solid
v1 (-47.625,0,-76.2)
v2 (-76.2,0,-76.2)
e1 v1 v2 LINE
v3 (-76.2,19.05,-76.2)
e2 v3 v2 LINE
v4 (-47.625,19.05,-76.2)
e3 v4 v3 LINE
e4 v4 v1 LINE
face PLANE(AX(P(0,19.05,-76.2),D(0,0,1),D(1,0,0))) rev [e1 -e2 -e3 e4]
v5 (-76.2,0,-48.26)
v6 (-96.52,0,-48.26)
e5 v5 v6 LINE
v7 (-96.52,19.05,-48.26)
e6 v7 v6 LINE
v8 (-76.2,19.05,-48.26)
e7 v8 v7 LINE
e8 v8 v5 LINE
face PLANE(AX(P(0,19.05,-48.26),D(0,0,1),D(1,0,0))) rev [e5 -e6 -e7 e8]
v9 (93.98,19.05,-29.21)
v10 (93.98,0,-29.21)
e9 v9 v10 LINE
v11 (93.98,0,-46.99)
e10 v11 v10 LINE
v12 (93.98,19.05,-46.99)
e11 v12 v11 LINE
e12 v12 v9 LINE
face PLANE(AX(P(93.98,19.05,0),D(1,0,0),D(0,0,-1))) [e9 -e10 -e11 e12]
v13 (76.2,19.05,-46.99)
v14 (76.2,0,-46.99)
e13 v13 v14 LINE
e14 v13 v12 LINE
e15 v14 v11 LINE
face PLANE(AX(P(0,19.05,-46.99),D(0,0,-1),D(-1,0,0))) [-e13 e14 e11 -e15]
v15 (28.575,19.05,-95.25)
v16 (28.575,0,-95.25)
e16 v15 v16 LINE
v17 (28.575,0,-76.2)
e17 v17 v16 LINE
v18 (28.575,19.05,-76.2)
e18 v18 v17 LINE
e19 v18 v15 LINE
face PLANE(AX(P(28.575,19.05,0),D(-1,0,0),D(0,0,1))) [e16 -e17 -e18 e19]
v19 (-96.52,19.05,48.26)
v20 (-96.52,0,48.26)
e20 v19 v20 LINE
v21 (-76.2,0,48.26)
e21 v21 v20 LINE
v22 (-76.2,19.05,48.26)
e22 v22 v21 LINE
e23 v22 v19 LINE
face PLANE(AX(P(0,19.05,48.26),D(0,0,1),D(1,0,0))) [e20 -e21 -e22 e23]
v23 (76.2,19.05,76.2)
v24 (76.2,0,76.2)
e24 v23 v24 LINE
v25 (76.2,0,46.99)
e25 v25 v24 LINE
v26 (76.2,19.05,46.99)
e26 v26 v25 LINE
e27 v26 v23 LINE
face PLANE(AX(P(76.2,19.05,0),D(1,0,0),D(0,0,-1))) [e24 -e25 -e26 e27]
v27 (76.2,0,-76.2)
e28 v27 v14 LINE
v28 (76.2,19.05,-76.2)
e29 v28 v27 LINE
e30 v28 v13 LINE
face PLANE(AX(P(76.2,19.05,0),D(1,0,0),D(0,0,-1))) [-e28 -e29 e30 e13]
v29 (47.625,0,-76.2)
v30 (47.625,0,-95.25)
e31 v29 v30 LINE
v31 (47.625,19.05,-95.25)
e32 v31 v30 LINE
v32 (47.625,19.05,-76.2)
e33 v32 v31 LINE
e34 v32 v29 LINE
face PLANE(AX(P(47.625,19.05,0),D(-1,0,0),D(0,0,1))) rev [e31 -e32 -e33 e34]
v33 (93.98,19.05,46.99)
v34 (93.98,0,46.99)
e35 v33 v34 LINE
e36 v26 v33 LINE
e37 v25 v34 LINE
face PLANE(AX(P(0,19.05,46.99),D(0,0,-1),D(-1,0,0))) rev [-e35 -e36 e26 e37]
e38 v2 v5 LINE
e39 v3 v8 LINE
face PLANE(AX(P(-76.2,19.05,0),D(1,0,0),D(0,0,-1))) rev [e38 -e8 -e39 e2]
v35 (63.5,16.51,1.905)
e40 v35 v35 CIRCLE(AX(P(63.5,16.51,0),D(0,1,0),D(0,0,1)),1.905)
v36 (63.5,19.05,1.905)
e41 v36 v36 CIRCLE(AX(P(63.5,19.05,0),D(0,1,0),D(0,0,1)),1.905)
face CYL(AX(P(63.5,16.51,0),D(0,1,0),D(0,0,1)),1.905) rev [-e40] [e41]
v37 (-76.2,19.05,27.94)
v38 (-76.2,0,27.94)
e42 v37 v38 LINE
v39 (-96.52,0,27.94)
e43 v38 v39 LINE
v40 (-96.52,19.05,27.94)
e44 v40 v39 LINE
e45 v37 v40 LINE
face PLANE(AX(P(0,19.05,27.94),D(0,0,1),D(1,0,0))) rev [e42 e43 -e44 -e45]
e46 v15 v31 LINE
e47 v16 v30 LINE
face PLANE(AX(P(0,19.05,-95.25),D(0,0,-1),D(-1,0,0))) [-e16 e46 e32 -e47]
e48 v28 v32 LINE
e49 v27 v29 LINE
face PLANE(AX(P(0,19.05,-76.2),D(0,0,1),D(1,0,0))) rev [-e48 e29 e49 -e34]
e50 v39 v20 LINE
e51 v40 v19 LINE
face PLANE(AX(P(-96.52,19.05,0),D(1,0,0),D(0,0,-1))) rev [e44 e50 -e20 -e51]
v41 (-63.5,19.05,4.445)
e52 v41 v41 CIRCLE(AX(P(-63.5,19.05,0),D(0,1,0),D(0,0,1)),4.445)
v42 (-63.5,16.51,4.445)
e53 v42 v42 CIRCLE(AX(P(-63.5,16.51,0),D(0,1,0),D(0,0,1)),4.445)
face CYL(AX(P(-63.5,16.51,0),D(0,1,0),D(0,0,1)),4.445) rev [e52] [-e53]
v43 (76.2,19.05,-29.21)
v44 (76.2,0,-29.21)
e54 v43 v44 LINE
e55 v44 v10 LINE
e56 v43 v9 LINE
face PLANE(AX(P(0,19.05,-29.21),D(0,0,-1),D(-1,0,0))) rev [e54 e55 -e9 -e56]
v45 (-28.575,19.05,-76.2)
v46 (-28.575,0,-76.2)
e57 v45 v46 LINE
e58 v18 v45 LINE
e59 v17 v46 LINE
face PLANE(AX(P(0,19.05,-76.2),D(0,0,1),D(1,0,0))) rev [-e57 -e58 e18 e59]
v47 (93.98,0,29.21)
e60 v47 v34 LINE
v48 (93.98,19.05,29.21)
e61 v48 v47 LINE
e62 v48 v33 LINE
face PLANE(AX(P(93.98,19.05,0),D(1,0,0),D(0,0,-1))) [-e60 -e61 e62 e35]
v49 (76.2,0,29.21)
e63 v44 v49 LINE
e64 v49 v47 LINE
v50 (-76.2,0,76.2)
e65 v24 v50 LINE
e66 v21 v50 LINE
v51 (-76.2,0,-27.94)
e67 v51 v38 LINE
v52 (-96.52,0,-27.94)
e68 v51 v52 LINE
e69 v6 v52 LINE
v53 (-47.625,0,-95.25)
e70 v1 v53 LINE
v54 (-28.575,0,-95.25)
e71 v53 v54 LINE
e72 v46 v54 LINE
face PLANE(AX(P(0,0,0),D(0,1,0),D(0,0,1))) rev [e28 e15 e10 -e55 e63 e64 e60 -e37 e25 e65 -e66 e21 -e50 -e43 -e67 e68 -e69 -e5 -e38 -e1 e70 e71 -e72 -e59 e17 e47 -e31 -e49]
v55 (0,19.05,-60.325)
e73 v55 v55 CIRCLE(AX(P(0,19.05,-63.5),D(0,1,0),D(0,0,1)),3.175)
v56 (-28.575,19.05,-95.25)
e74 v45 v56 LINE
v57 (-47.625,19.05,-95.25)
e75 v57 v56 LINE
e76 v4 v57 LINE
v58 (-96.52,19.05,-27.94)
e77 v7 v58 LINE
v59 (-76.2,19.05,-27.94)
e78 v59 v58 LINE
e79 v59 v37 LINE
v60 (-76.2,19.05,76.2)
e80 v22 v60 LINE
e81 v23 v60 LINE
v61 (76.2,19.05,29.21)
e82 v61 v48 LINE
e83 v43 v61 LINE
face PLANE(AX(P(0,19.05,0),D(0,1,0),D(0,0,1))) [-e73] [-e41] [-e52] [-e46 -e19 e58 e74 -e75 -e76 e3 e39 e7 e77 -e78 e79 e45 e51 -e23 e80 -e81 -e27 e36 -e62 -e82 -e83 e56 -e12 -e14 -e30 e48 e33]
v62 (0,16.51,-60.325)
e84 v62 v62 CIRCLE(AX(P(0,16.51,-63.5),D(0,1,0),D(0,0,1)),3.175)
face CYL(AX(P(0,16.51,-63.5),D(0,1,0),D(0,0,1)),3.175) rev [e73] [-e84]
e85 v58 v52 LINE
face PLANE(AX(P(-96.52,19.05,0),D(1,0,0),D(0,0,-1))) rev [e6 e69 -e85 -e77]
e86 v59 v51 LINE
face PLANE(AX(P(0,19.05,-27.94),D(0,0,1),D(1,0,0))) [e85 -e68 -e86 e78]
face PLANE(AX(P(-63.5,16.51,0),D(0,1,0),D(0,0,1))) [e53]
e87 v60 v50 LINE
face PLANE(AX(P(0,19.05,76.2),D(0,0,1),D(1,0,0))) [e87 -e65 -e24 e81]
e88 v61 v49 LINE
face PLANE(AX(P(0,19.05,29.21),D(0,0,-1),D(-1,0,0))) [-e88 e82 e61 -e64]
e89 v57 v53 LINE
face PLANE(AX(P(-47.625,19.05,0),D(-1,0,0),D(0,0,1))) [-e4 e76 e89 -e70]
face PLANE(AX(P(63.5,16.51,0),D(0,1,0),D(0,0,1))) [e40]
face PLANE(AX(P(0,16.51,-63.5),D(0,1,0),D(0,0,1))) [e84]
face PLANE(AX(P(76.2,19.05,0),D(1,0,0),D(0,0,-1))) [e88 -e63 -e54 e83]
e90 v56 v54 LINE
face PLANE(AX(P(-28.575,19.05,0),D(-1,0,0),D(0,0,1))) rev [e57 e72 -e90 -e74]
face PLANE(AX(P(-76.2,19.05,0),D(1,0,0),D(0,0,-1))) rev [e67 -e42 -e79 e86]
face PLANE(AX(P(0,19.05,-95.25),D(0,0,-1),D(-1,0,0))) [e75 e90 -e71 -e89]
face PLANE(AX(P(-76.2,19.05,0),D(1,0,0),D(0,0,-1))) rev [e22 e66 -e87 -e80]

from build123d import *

# Parameters (mm, degrees)
SKETCH1_W           = 152.4
SKETCH1_H           = 152.4
SKETCH1_W_2         = 20.32
SKETCH1_H_2         = 20.32
SKETCH1_W_3         = 19.05
SKETCH1_H_3         = 19.05
SKETCH1_W_4         = 17.78
SKETCH1_H_4         = 17.78
BOSS_EXTRUDE1_DEPTH = 19.05
SKETCH2_R           = 1.905
SKETCH2_R_2         = 3.175
SKETCH2_R_3         = 4.445
CUT_EXTRUDE1_DEPTH  = 2.54


with BuildPart() as part:
    # Sketch1 → Boss-Extrude1 (new body)
    with BuildSketch(Plane(origin=(0, 0, 0), x_dir=(1, 0, 0), z_dir=(0, 1, 0))):
        Rectangle(SKETCH1_W, SKETCH1_H)
        with Locations((-86.36, -38.1)):
            Rectangle(SKETCH1_W_2, SKETCH1_H_2)
        with Locations((-86.36, 38.1)):
            Rectangle(SKETCH1_W_2, SKETCH1_H_2)
        with Locations((-38.1, 85.725)):
            Rectangle(SKETCH1_W_3, SKETCH1_H_3)
        with Locations((38.1, 85.725)):
            Rectangle(SKETCH1_W_3, SKETCH1_H_3)
        with Locations((85.09, 38.1)):
            Rectangle(SKETCH1_W_4, SKETCH1_H_4)
        with Locations((85.09, -38.1)):
            Rectangle(SKETCH1_W_4, SKETCH1_H_4)
    extrude(amount=BOSS_EXTRUDE1_DEPTH)

    # Sketch2 → Cut-Extrude1 (cut)
    with BuildSketch(Plane(origin=(0, 19.05, 0), x_dir=(1, 0, 0), z_dir=(0, 1, 0))):
        with Locations(Location((63.5, 0, 0), (0, 0, 270))):
            Circle(SKETCH2_R)
        with Locations(Location((0, 63.5, 0), (0, 0, 270))):
            Circle(SKETCH2_R_2)
        with Locations(Location((-63.5, 0, 0), (0, 0, 270))):
            Circle(SKETCH2_R_3)
    extrude(amount=-CUT_EXTRUDE1_DEPTH, mode=Mode.SUBTRACT)


solid = part.part
